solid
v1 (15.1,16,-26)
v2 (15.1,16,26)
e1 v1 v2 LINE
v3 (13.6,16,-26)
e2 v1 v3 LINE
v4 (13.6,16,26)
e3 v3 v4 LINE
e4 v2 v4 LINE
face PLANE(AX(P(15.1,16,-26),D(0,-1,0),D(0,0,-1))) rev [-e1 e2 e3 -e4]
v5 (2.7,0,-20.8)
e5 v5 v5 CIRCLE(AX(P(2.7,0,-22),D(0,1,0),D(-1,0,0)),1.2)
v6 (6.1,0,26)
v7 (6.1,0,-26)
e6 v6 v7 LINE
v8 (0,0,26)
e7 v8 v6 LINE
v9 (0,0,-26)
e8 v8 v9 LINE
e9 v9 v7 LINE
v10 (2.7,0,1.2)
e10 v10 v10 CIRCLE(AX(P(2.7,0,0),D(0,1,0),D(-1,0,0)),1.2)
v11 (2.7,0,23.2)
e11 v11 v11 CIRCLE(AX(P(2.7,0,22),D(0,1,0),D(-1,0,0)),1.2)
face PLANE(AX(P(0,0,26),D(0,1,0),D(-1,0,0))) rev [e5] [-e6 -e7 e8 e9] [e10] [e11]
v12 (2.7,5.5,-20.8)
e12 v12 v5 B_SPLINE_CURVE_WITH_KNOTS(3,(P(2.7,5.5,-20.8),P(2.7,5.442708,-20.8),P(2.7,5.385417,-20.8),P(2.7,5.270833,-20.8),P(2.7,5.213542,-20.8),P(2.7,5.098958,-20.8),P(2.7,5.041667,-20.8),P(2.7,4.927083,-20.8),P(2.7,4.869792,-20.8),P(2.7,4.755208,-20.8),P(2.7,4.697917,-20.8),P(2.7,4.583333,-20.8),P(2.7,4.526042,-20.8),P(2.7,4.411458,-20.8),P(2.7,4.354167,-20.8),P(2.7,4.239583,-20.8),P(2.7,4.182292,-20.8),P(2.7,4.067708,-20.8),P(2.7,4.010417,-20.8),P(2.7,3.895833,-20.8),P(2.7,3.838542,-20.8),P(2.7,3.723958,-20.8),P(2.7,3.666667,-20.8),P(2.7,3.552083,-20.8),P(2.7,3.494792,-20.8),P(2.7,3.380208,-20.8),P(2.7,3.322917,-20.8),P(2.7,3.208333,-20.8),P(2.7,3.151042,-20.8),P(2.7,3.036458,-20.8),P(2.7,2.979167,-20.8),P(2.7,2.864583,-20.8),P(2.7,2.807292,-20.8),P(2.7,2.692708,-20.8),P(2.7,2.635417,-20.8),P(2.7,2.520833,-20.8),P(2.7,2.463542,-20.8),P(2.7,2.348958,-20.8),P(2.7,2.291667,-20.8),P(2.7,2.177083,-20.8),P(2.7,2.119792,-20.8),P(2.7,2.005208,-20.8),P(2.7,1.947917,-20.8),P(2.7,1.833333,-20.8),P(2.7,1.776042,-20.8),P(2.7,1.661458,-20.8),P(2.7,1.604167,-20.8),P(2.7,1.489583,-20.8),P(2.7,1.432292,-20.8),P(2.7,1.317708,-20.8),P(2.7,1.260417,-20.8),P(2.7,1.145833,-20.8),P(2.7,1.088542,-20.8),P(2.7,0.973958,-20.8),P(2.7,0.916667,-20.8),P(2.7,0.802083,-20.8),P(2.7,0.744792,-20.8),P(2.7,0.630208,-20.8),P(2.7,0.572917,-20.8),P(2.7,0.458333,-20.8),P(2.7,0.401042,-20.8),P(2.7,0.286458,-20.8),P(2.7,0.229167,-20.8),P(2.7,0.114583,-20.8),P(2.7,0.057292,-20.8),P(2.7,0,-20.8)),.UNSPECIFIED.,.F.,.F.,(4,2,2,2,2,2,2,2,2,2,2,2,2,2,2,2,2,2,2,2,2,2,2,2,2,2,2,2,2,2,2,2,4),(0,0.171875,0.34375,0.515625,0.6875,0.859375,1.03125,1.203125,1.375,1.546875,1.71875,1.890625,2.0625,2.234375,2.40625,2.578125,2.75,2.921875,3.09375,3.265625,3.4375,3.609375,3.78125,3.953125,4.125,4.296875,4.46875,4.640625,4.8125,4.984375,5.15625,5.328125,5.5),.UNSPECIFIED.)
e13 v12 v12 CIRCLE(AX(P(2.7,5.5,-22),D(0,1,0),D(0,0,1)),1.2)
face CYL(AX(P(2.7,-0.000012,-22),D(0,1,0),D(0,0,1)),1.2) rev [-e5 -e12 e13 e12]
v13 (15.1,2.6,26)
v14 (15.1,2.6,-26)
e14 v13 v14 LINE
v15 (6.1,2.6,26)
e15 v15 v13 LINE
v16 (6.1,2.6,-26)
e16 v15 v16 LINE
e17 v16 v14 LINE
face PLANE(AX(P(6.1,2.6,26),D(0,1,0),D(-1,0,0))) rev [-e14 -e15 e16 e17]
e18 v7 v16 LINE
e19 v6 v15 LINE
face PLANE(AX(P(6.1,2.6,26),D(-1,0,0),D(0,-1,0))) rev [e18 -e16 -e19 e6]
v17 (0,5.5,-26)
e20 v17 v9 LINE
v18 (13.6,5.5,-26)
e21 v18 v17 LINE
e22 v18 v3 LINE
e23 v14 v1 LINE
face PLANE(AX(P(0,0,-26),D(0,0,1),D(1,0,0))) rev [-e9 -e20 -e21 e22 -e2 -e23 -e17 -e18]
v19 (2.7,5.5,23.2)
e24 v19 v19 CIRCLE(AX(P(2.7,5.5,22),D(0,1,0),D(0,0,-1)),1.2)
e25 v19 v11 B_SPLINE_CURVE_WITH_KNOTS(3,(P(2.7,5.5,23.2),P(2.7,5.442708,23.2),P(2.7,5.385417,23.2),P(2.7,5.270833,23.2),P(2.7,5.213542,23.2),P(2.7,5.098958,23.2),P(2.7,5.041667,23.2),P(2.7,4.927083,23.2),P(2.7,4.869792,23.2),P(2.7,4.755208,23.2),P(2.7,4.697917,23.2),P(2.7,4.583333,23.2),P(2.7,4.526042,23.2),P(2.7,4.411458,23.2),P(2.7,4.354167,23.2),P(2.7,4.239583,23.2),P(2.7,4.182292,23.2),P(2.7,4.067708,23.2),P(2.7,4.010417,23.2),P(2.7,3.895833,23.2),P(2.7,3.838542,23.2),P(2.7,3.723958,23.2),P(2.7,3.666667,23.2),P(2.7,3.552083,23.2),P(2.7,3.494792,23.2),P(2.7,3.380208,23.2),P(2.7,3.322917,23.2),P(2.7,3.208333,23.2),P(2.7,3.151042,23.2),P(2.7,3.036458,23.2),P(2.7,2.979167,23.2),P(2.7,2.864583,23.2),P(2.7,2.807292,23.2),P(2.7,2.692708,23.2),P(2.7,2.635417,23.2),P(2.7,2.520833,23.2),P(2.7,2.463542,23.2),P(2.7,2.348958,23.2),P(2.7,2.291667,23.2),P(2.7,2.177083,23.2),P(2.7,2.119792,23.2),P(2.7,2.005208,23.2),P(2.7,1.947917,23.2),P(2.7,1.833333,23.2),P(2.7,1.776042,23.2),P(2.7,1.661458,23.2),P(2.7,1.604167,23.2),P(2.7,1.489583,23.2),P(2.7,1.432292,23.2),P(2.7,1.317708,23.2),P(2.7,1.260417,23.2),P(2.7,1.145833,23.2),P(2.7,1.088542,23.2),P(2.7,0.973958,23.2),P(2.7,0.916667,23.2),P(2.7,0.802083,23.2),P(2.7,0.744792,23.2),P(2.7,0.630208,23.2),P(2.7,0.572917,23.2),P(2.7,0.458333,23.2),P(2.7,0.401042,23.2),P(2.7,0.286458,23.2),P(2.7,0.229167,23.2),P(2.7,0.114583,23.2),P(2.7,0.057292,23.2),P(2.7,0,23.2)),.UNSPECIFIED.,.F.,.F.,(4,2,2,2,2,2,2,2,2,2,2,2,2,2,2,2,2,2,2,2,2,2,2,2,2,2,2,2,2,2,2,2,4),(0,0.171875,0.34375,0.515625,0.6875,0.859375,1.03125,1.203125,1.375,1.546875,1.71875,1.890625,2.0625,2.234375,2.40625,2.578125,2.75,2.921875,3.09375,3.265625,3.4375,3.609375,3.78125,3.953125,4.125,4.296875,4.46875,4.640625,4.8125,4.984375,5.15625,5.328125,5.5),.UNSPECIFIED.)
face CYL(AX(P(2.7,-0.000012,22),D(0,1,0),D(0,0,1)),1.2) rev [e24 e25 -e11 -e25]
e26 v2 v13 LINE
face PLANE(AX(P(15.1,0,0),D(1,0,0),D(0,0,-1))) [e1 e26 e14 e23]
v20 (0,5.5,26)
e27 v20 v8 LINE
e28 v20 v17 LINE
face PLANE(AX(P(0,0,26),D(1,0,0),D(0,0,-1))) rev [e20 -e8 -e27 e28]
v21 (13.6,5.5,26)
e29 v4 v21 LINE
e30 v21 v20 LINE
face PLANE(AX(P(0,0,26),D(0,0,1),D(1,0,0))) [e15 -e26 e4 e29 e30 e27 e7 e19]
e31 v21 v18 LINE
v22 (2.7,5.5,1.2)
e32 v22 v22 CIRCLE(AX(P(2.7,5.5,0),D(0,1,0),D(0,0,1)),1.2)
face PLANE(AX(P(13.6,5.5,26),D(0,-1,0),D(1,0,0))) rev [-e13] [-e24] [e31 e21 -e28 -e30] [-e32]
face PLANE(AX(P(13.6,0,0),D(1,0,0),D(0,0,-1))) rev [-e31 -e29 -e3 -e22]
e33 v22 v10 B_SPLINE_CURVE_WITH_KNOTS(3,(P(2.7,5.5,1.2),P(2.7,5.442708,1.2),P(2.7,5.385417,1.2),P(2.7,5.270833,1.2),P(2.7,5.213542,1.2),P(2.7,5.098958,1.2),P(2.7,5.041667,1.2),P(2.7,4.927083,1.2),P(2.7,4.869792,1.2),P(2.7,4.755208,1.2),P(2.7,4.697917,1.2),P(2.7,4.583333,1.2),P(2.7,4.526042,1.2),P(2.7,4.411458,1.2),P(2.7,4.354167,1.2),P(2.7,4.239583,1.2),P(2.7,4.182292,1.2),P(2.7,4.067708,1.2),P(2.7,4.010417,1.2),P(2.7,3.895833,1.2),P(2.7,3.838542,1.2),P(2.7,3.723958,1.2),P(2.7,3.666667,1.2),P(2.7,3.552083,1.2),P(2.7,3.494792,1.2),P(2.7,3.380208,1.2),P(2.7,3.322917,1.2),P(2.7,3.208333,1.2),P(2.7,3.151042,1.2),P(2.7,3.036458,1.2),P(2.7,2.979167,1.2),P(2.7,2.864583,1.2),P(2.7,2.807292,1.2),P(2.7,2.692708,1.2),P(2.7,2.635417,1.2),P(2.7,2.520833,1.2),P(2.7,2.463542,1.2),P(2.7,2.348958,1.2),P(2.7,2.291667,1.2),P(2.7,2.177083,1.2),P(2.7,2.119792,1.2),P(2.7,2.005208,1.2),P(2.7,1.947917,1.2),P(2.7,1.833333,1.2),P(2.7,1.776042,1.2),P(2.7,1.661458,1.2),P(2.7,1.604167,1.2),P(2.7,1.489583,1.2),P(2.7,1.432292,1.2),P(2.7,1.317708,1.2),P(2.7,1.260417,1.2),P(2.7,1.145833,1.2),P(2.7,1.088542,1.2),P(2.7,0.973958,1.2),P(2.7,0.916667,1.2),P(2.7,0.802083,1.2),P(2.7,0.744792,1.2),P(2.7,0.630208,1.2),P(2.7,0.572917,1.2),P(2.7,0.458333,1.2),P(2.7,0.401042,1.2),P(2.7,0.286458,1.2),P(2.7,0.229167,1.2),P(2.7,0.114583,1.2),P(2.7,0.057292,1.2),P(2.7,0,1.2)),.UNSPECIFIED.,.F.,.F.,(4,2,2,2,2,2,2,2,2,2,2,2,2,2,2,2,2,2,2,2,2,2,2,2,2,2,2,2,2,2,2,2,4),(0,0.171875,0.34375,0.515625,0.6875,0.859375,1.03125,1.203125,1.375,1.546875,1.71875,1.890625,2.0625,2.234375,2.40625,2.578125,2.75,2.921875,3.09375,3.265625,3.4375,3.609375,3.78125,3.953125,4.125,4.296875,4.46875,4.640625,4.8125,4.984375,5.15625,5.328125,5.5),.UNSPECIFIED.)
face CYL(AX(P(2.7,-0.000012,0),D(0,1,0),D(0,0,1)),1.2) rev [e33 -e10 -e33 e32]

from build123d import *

# Parameters (mm, degrees)
BOSS_EXTRUDE2_DEPTH     = 26
CUT_EXTRUDE2_DEPTH      = 30.853140538
CUT_EXTRUDE2_DEPTH_BACK = 30.853140538
SKETCH2_R               = 1.2
SKETCH3_W               = 52
SKETCH3_H               = 13.4
BOSS_EXTRUDE3_DEPTH     = 1.5


with BuildPart() as part:
    # Sketch1 → Boss-Extrude2 (new, symmetric)
    with BuildSketch(Plane.XY):
        Polygon((0, 0), (6.1, 0), (6.1, 2.6), (13.6, 2.6), (13.6, 5.5), (0, 5.5), align=None)
    extrude(amount=BOSS_EXTRUDE2_DEPTH, both=True)

    # Sketch2 → Cut-Extrude2 (cut, two sides: drawn at the far end of the back side and taken through both)
    with BuildSketch(Plane(origin=(0, 0, 0), x_dir=(1, 0, 0), z_dir=(0, 1, 0)).offset(-CUT_EXTRUDE2_DEPTH_BACK)):
        with Locations(Location((2.7, 22, 0), (0, 0, 270))):
            Circle(SKETCH2_R)
        with Locations(Location((2.7, 0, 0), (0, 0, 270))):
            Circle(SKETCH2_R)
        with Locations(Location((2.7, -22, 0), (0, 0, 270))):
            Circle(SKETCH2_R)
    extrude(amount=CUT_EXTRUDE2_DEPTH + CUT_EXTRUDE2_DEPTH_BACK, mode=Mode.SUBTRACT)

    # Sketch3 → Boss-Extrude3 (add)
    with BuildSketch(Plane(origin=(13.6, 0, 0), x_dir=(0, 0, -1), z_dir=(1, 0, 0))):
        with Locations((0, 9.3)):
            Rectangle(SKETCH3_W, SKETCH3_H)
    extrude(amount=BOSS_EXTRUDE3_DEPTH)


solid = part.part
